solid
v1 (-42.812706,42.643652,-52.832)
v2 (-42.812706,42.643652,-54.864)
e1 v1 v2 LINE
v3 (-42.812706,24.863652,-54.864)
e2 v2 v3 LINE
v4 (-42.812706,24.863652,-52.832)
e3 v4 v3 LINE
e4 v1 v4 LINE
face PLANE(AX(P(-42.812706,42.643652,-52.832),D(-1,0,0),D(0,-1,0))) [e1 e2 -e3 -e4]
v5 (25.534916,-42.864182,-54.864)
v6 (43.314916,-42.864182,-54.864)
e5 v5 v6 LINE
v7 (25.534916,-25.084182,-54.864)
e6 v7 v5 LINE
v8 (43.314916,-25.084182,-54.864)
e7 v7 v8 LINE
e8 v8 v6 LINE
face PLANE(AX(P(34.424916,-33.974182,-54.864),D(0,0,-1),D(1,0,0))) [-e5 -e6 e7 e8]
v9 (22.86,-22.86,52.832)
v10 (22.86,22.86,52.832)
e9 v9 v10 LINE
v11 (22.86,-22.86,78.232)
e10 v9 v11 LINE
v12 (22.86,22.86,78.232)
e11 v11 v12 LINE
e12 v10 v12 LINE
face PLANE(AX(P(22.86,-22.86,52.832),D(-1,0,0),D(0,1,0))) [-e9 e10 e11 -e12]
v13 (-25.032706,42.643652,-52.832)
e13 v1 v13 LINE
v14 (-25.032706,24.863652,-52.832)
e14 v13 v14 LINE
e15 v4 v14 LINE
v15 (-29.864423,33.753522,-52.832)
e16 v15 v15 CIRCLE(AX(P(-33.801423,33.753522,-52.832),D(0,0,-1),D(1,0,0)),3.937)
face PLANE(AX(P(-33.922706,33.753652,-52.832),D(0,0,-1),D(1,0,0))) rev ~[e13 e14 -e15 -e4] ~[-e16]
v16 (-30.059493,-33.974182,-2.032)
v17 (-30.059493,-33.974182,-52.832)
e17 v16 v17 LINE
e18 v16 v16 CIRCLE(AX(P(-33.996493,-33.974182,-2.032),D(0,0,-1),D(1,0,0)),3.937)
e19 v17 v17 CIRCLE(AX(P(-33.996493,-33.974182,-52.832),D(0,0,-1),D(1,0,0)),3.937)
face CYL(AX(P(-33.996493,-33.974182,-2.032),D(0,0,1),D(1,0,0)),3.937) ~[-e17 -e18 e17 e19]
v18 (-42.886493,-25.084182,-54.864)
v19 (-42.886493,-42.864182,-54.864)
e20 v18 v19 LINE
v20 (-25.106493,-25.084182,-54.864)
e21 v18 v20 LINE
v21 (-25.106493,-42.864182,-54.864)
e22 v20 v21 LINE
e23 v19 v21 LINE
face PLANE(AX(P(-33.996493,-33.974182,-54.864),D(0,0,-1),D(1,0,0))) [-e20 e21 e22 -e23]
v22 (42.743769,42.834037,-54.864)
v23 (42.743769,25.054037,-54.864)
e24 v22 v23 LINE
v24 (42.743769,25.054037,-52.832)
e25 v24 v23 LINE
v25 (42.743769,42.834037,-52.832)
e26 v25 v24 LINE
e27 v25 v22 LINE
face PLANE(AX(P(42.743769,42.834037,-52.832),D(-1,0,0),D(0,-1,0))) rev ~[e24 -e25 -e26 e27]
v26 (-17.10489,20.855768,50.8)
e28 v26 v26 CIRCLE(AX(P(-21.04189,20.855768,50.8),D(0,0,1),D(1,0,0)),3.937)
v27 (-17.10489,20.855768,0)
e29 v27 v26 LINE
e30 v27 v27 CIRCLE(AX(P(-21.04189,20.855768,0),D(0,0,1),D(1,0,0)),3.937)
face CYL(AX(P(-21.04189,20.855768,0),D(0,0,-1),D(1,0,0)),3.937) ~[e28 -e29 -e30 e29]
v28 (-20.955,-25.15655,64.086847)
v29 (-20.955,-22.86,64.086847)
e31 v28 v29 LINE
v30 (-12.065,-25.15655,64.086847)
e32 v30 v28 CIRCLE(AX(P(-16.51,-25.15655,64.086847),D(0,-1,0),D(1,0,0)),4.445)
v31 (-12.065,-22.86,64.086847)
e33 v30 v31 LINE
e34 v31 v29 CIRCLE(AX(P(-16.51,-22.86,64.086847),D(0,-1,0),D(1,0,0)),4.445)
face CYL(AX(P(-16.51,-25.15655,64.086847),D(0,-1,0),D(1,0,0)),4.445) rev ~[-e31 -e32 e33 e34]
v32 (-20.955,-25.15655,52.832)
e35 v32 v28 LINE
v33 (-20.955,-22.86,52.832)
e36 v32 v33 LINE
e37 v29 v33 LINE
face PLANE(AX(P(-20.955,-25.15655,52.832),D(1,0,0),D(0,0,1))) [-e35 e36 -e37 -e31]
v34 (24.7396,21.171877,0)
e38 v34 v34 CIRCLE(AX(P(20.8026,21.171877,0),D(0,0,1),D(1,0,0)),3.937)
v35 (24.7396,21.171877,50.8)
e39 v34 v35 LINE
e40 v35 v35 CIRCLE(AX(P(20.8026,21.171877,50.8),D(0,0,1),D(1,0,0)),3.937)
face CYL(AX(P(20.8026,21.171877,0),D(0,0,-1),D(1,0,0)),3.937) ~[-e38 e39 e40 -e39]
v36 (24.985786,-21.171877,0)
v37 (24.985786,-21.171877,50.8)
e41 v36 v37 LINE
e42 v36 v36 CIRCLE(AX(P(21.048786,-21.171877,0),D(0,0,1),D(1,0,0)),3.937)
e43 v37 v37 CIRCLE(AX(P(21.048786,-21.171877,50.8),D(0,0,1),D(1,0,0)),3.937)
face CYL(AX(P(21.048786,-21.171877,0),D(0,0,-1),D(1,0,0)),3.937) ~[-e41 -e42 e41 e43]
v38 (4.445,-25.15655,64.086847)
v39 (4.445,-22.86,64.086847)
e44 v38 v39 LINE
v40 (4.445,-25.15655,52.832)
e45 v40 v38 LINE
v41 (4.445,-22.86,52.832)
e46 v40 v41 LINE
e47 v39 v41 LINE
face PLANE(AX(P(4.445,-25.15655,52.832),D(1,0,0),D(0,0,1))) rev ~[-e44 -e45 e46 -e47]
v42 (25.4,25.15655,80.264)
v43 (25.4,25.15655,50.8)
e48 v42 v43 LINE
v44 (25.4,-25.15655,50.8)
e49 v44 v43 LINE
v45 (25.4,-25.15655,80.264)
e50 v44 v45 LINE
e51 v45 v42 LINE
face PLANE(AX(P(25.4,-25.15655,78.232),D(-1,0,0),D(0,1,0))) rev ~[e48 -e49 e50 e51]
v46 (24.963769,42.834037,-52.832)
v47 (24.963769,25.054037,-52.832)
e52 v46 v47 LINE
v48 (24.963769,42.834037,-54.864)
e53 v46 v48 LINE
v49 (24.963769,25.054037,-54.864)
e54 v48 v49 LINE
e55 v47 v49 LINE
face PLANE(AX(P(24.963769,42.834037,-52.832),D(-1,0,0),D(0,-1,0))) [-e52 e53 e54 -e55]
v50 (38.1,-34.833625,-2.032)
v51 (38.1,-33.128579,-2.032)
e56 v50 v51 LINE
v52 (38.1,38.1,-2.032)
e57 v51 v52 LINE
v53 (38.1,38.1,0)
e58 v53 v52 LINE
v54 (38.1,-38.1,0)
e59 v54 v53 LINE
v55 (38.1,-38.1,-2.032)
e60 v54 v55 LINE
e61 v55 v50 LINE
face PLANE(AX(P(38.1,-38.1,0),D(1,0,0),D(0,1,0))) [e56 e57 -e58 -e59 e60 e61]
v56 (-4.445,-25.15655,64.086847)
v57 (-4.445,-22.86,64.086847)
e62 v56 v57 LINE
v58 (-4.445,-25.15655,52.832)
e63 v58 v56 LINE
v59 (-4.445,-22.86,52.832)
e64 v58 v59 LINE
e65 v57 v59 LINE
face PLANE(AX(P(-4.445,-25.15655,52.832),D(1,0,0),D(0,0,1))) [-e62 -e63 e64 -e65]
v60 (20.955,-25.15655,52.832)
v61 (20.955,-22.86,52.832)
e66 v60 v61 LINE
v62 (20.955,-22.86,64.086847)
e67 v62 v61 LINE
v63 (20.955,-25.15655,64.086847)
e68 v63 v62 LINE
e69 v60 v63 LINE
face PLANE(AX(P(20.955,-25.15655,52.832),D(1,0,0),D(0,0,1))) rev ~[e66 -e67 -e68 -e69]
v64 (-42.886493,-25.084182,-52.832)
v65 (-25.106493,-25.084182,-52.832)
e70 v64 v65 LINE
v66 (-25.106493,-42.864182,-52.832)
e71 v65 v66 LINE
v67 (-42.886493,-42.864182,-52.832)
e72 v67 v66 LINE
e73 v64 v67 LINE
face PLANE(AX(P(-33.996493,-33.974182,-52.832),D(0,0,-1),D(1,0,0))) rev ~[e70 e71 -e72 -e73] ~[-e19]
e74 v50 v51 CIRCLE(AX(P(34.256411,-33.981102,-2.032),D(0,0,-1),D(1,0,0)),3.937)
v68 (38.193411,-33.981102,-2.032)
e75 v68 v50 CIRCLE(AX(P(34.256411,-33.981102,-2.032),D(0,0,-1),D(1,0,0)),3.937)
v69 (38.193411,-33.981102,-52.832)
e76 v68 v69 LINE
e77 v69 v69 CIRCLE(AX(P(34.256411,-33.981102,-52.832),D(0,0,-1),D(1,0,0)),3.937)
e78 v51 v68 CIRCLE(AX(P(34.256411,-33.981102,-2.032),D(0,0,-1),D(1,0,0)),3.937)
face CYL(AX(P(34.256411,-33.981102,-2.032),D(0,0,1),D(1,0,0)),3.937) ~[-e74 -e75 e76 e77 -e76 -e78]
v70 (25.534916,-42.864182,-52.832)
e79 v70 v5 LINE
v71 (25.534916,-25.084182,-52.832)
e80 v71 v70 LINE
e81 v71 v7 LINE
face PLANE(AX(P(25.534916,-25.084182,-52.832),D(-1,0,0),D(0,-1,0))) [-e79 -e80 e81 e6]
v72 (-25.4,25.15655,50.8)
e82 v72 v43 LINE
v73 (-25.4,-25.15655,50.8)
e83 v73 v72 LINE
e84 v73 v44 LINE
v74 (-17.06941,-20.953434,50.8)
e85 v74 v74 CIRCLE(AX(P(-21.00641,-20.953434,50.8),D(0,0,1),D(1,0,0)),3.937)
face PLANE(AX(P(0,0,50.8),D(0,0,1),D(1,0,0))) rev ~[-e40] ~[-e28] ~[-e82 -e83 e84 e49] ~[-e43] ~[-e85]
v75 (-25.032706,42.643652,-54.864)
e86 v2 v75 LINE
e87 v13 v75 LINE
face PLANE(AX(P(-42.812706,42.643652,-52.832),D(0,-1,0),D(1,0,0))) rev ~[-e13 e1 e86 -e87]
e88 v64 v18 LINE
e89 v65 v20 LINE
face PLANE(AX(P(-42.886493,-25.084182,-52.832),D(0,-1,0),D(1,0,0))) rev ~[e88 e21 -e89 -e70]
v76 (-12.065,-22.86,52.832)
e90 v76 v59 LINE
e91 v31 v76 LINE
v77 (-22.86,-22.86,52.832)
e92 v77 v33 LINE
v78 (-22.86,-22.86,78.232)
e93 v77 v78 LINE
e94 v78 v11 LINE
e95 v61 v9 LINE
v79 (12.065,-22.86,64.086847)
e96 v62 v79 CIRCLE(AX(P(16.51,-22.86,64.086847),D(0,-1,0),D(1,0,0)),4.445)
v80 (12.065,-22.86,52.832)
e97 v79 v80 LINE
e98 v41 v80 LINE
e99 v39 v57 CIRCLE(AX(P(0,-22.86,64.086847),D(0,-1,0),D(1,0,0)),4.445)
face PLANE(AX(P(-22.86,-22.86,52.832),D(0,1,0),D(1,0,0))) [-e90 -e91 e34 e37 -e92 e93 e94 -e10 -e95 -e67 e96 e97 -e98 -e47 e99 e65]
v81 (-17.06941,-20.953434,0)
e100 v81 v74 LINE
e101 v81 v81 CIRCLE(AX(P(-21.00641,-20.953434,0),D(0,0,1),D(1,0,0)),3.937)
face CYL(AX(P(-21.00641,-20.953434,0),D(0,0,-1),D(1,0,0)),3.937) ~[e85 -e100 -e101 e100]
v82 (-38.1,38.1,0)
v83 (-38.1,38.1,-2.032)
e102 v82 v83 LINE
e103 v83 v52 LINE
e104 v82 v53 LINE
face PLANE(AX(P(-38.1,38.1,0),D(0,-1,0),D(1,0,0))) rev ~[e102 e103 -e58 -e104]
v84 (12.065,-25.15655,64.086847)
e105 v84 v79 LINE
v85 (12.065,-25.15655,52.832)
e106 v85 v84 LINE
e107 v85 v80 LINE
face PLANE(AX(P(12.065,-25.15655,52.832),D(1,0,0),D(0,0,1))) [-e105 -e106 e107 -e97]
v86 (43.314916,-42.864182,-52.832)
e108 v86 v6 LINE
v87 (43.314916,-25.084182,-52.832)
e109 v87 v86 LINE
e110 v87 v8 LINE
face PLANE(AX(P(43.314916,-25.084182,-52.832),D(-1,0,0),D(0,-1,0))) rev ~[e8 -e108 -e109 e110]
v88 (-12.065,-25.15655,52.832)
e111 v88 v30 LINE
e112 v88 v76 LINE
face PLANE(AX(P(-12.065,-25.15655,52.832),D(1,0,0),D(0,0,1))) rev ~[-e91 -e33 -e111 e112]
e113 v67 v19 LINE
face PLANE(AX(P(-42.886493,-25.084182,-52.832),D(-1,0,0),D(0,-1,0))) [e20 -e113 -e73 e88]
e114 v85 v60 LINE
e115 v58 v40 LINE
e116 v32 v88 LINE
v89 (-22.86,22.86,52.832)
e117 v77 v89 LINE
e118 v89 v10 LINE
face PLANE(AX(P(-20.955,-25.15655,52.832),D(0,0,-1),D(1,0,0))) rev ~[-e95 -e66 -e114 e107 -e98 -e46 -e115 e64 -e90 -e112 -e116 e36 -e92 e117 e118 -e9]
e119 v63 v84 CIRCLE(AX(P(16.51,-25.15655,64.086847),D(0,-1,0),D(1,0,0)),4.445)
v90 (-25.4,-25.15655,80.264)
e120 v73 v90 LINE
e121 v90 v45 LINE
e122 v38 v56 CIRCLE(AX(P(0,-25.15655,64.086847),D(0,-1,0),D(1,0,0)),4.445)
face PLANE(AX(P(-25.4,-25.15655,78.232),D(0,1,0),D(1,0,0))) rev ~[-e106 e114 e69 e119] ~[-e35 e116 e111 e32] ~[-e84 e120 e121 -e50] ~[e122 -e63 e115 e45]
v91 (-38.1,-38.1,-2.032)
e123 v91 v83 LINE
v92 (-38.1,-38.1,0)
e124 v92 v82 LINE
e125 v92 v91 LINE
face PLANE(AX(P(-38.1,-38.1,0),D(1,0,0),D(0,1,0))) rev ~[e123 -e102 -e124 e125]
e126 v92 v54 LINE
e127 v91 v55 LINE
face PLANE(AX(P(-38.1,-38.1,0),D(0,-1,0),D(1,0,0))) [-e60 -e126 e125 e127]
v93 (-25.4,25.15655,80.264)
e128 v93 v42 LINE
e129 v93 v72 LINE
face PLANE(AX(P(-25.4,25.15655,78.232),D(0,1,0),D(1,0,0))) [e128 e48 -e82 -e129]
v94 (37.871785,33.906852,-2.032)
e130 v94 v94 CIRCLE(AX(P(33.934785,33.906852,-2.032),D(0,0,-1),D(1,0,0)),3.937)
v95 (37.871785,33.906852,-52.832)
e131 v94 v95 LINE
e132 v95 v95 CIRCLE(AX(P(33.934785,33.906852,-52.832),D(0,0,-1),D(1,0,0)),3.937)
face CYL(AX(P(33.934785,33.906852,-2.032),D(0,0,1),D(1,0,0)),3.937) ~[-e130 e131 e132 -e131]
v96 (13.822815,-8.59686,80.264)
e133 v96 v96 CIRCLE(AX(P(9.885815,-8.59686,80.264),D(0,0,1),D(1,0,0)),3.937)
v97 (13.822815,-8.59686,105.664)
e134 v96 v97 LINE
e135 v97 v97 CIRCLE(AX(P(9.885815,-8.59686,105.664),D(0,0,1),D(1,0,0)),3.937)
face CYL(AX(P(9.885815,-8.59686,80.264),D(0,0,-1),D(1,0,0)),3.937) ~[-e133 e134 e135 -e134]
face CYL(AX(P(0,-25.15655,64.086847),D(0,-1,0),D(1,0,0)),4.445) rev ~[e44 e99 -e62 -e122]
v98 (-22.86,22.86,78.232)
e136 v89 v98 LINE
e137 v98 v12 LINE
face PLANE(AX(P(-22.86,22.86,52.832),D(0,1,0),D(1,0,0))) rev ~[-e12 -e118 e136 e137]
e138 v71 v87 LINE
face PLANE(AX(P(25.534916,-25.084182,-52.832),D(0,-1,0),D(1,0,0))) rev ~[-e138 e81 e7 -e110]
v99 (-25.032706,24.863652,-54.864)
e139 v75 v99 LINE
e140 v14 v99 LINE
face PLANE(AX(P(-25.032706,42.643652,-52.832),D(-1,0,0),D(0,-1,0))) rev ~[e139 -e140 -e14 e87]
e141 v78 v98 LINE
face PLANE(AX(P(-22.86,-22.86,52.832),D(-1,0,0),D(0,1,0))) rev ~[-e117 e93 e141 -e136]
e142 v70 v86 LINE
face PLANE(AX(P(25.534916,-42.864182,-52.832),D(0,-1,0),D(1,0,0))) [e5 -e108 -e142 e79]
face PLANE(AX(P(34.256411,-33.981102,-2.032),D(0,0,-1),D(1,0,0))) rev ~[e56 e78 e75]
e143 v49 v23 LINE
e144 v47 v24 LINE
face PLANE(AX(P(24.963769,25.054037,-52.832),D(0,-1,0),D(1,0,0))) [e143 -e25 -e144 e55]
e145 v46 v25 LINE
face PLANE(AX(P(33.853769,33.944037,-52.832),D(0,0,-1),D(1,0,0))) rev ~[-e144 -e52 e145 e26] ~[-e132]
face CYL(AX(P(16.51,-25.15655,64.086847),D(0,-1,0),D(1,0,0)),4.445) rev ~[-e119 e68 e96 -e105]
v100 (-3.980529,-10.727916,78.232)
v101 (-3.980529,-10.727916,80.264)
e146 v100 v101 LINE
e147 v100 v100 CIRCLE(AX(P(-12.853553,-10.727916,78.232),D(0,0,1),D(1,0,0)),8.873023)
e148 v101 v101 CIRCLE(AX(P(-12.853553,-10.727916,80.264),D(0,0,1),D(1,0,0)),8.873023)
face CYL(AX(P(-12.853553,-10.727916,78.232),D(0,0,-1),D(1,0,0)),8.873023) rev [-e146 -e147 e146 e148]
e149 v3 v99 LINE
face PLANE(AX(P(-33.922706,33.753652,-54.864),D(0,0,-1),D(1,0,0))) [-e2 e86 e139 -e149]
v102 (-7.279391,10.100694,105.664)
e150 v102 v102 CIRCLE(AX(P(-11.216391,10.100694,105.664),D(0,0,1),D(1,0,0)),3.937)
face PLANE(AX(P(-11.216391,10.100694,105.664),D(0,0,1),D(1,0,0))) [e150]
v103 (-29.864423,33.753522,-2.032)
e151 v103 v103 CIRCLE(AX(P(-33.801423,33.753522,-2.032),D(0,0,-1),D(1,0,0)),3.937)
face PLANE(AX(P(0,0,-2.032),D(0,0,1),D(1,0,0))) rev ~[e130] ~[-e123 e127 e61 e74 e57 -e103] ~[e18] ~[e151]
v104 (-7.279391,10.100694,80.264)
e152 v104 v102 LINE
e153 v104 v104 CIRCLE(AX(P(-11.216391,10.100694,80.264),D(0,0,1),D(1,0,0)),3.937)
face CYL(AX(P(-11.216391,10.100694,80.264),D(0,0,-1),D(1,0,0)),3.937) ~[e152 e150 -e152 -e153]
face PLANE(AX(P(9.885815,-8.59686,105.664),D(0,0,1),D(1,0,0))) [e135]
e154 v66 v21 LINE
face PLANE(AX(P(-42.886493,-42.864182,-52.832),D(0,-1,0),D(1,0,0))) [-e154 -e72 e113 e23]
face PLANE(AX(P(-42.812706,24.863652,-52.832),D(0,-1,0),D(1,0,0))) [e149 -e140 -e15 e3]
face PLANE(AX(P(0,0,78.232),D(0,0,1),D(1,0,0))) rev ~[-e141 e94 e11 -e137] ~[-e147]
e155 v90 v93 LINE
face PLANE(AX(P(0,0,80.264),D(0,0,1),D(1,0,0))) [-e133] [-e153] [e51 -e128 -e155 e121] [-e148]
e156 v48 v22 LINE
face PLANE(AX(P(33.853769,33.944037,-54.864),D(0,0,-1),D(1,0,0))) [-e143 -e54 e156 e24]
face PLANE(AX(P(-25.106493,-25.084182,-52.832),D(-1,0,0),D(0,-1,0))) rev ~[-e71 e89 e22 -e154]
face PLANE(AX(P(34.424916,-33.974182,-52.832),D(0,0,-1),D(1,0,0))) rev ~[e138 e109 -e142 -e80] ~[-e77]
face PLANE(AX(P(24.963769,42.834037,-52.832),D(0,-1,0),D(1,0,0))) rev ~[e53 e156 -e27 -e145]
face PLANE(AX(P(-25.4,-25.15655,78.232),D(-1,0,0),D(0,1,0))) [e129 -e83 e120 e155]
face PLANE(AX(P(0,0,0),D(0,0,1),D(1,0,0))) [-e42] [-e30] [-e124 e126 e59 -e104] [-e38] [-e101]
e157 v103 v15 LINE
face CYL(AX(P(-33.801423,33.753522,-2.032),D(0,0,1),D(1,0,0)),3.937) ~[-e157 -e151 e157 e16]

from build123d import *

# Parameters (mm, degrees)
F0_W      = 76.2
F0_H      = 76.2
F1_DEPTH  = 2.032
F2_R      = 3.937
F3_DEPTH  = 50.8
F4_W      = 50.8
F4_H      = 50.31309912
F5_DEPTH  = 2.032
F6_W      = 50.8
F6_H      = 50.31309912
F6_W_2    = 45.72
F6_H_2    = 45.72
F7_DEPTH  = 25.4
F8_W      = 50.8
F8_H      = 50.31309912
F8_W_2    = 45.72
F8_H_2    = 45.72
F8_R      = 8.8730231001
F9_DEPTH  = 2.032
F10_W     = 8.89
F10_H     = 11.2548470073
F11_DEPTH = 7.62
F12_R     = 3.937
F13_DEPTH = 50.8
F14_W     = 17.78
F14_H     = 17.78
F15_DEPTH = 2.032
F16_R     = 3.937
F17_DEPTH = 25.4


with BuildPart() as f1:
    # F0 (on Top) → F1 (new body)
    with BuildSketch(Plane.XY):
        Rectangle(F0_W, F0_H)
    extrude(amount=-F1_DEPTH)

    # F2 (on face) → F3 (join)
    with BuildSketch(Plane.XY):
        with Locations((-21.0064100094, -20.9534343708)):
            Circle(F2_R)
        with Locations((-21.0418901269, 20.855767953)):
            Circle(F2_R)
        with Locations((21.0487861186, -21.1718771607)):
            Circle(F2_R)
        with Locations((20.8026003093, 21.1718771607)):
            Circle(F2_R)
    extrude(amount=F3_DEPTH)

    # F4 (on face) → F5 (join)
    with BuildSketch(Plane.XY.offset(50.8)):
        Rectangle(F4_W, F4_H)
    extrude(amount=F5_DEPTH)

    # F6 (on face) → F7 (join)
    with BuildSketch(Plane.XY.offset(52.832)):
        Rectangle(F6_W, F6_H)
        Rectangle(F6_W_2, F6_H_2, mode=Mode.SUBTRACT)
    extrude(amount=F7_DEPTH)

    # F8 (on face) → F9 (join)
    with BuildSketch(Plane.XY.offset(78.232)):
        Rectangle(F8_W, F8_H)
        Rectangle(F8_W_2, F8_H_2, mode=Mode.SUBTRACT)
        Rectangle(F8_W_2, F8_H_2)
        with Locations((-12.8535525873, -10.7279159129)):
            Circle(F8_R, mode=Mode.SUBTRACT)
    extrude(amount=F9_DEPTH)

    # F10 (on face) → F11 (cut)
    with BuildSketch(Plane.XZ.offset(25.15654956)):
        with Locations((16.51, 58.4594235036)):
            Rectangle(F10_W, F10_H)
        with BuildLine():
            ThreePointArc((20.955, 64.0868470073), (16.51, 68.5318470073), (12.065, 64.0868470073))
            Line((12.065, 64.0868470073), (20.955, 64.0868470073))
        make_face()
        with Locations((0, 58.4594235036)):
            Rectangle(F10_W, F10_H)
        with BuildLine():
            ThreePointArc((4.445, 64.0868470073), (0, 68.5318470073), (-4.445, 64.0868470073))
            Line((-4.445, 64.0868470073), (4.445, 64.0868470073))
        make_face()
        with Locations((-16.51, 58.4594235036)):
            Rectangle(F10_W, F10_H)
        with BuildLine():
            ThreePointArc((-12.065, 64.0868470073), (-16.51, 68.5318470073), (-20.955, 64.0868470073))
            Line((-20.955, 64.0868470073), (-12.065, 64.0868470073))
        make_face()
    extrude(amount=-F11_DEPTH, mode=Mode.SUBTRACT)

    # F12 (on face) → F13 (join)
    with BuildSketch(Plane(origin=(0, 0, -2.032), x_dir=(1, 0, 0), z_dir=(0, 0, -1))):
        with Locations((-33.9964929416, 33.9741817005)):
            Circle(F12_R)
        with Locations((34.2564113713, 33.9811018472)):
            Circle(F12_R)
        with Locations((-33.8014231791, -33.7535219774)):
            Circle(F12_R)
        with Locations((33.9347845396, -33.9068524793)):
            Circle(F12_R)
    extrude(amount=F13_DEPTH)

    # F14 (on face) → F15 (join)
    with BuildSketch(Plane(origin=(0, 0, -52.832), x_dir=(1, 0, 0), z_dir=(0, 0, -1))):
        with Locations((-33.9964929416, 33.9741817005)):
            Rectangle(F14_W, F14_H)
        with Locations((34.4249159098, 33.9741817005)):
            Rectangle(F14_W, F14_H)
        with Locations((-33.9227057993, -33.7536521256)):
            Rectangle(F14_W, F14_H)
        with Locations((33.8537693024, -33.9440368116)):
            Rectangle(F14_W, F14_H)
    extrude(amount=F15_DEPTH)

    # F16 (on face) → F17 (join)
    with BuildSketch(Plane.XY.offset(80.264)):
        with Locations((-11.2163906208, 10.1006944331)):
            Circle(F16_R)
        with Locations((9.8858151284, -8.5968601803)):
            Circle(F16_R)
    extrude(amount=F17_DEPTH)


solid = f1.part
